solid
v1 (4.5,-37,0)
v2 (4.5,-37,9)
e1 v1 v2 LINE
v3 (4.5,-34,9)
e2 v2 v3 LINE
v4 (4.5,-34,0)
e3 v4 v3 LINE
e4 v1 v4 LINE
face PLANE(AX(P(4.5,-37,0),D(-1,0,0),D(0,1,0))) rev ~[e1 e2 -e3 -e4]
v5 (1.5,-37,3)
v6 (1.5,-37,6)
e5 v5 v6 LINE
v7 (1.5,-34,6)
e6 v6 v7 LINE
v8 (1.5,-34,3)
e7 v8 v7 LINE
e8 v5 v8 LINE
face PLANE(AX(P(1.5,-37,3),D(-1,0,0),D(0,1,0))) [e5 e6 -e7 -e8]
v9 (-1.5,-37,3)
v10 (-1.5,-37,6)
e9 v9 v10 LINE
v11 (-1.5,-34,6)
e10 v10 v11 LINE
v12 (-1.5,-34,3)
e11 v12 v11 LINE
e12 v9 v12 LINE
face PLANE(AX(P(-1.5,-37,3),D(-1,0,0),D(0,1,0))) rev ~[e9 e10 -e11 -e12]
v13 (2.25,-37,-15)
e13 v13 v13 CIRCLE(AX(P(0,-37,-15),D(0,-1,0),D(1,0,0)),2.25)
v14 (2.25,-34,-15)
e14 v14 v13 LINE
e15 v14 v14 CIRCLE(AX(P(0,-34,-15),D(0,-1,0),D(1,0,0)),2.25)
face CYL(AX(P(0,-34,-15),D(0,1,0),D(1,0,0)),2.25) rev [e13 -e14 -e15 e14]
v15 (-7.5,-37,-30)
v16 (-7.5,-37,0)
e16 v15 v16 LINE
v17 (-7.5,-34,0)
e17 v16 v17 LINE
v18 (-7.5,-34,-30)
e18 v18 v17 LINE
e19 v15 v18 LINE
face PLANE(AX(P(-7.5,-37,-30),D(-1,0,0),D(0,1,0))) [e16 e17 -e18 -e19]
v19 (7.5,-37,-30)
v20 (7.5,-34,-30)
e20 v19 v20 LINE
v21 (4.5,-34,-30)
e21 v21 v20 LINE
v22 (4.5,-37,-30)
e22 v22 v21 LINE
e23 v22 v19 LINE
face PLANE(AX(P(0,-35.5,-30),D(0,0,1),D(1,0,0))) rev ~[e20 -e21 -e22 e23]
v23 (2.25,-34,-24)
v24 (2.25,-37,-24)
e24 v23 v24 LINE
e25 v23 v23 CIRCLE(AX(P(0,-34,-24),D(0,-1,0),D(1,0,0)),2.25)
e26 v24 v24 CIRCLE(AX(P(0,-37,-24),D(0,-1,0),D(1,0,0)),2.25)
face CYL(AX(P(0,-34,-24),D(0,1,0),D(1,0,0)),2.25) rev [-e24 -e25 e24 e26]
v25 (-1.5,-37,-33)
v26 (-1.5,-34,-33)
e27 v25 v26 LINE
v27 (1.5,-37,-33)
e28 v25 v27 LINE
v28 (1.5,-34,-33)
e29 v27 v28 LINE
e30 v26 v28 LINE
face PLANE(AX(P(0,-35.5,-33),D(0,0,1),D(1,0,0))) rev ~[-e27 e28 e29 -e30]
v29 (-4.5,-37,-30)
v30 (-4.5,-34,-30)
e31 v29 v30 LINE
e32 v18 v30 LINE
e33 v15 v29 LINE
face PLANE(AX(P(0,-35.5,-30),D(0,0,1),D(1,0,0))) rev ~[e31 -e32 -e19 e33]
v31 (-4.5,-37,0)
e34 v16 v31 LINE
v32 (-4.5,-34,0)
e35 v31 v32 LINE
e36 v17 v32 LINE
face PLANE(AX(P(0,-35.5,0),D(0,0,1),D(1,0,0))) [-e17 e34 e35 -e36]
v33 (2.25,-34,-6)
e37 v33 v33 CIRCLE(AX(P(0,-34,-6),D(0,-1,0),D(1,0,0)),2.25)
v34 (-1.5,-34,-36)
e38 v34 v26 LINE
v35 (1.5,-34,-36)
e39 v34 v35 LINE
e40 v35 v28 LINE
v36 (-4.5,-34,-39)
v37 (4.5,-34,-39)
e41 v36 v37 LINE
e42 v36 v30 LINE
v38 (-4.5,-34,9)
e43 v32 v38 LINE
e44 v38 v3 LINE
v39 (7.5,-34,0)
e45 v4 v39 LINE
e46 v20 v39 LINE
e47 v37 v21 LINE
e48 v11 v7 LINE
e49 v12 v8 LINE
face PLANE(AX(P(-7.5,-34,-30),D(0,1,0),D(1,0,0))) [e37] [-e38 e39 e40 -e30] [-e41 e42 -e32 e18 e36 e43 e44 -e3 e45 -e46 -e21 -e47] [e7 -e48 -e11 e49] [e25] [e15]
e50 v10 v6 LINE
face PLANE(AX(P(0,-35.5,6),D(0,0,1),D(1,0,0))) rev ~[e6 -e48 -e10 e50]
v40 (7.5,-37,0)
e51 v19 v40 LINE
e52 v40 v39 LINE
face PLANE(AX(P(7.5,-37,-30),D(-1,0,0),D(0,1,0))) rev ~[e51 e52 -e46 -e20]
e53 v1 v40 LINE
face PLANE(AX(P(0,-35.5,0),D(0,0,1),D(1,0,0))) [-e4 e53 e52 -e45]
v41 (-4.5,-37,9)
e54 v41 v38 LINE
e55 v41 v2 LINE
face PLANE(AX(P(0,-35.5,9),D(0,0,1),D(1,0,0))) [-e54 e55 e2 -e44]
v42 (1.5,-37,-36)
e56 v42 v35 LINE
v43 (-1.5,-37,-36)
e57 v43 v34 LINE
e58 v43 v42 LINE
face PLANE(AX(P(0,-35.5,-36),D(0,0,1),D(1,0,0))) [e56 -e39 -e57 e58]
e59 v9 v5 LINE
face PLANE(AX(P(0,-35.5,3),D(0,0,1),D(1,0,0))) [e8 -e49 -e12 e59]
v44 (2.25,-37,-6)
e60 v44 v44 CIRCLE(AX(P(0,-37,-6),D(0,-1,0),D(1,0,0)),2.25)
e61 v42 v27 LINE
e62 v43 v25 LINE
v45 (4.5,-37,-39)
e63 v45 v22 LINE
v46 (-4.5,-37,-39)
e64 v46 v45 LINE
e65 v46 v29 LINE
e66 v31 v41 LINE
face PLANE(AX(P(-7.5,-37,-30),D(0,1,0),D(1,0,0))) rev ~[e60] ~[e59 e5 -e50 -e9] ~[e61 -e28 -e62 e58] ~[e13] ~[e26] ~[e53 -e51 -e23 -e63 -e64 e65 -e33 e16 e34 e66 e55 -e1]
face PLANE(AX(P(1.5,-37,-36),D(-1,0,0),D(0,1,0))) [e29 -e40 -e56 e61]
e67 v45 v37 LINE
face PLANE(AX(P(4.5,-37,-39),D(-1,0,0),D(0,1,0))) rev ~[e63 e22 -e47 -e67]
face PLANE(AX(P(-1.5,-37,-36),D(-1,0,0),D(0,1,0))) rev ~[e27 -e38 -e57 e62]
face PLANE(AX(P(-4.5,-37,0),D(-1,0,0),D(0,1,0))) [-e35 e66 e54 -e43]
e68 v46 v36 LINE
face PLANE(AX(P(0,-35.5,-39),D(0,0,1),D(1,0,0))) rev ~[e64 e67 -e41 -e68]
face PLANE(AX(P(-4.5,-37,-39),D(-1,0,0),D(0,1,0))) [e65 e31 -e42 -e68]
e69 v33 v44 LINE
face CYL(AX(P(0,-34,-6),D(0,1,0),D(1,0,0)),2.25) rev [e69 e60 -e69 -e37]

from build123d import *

# Parameters (mm, degrees)
CYLINDER005_R          = 2.25
CYLINDER005_DEPTH      = 3
CYLINDER005_ROLL_ANGLE = 90
CYLINDER006_R          = 2.25
CYLINDER006_DEPTH      = 3
CYLINDER006_ROLL_ANGLE = 90
CYLINDER004_R          = 2.25
CYLINDER004_DEPTH      = 3
CYLINDER004_ROLL_ANGLE = 90
BOX011_W               = 15
BOX011_H               = 3
BOX011_DEPTH           = 30
BOX010_W               = 3
BOX010_H               = 3
BOX010_DEPTH           = 3
BOX009_W               = 9
BOX009_H               = 3
BOX009_DEPTH           = 9
BOX013_W               = 3
BOX013_H               = 3
BOX013_DEPTH           = 3
BOX012_W               = 9
BOX012_H               = 3
BOX012_DEPTH           = 9


with BuildPart() as cylinder005:
    # Cylinder005 → Cylinder005 (new body)
    with BuildSketch(Plane.XY):
        Circle(CYLINDER005_R)
    extrude(amount=CYLINDER005_DEPTH)


with BuildPart() as cylinder005_1:
    # Cylinder005 roll: moved
    add(cylinder005.part.rotate(Axis((0, 0, 0), (1, 0, 0)), CYLINDER005_ROLL_ANGLE))


with BuildPart() as cylinder005_2:
    # Cylinder005 placement: moved
    add(cylinder005_1.part.moved(Location((0, -63, -3))))


with BuildPart() as cylinder006:
    # Cylinder006 → Cylinder006 (new body)
    with BuildSketch(Plane.XY):
        Circle(CYLINDER006_R)
    extrude(amount=CYLINDER006_DEPTH)


with BuildPart() as cylinder006_1:
    # Cylinder006 roll: moved
    add(cylinder006.part.rotate(Axis((0, 0, 0), (1, 0, 0)), CYLINDER006_ROLL_ANGLE))


with BuildPart() as cylinder006_2:
    # Cylinder006 placement: moved
    add(cylinder006_1.part.moved(Location((0, -63, -21))))


with BuildPart() as cylinder004:
    # Cylinder004 → Cylinder004 (new body)
    with BuildSketch(Plane.XY):
        Circle(CYLINDER004_R)
    extrude(amount=CYLINDER004_DEPTH)


with BuildPart() as cylinder004_1:
    # Cylinder004 roll: moved
    add(cylinder004.part.rotate(Axis((0, 0, 0), (1, 0, 0)), CYLINDER004_ROLL_ANGLE))


with BuildPart() as cylinder004_2:
    # Cylinder004 placement: moved
    add(cylinder004_1.part.moved(Location((0, -63, -12))))


with BuildPart() as cube011:
    # Box011 → Box011 (new body)
    with BuildSketch(Plane(origin=(-7.5, -66, -27), x_dir=(1, 0, 0), z_dir=(0, 0, 1))):
        with Locations((7.5, 1.5)):
            Rectangle(BOX011_W, BOX011_H)
    extrude(amount=BOX011_DEPTH)


with BuildPart() as cube010:
    # Box010 → Box010 (new body)
    with BuildSketch(Plane(origin=(-1.5, -66, 6), x_dir=(1, 0, 0), z_dir=(0, 0, 1))):
        with Locations((1.5, 1.5)):
            Rectangle(BOX010_W, BOX010_H)
    extrude(amount=BOX010_DEPTH)


with BuildPart() as cut010:
    # Box009 → Box009 (new body)
    with BuildSketch(Plane(origin=(-4.5, -66, 3), x_dir=(1, 0, 0), z_dir=(0, 0, 1))):
        with Locations((4.5, 1.5)):
            Rectangle(BOX009_W, BOX009_H)
    extrude(amount=BOX009_DEPTH)

    # Cut010: cut Cube010
    add(cube010.part, mode=Mode.SUBTRACT)


with BuildPart() as cube013:
    # Box013 → Box013 (new body)
    with BuildSketch(Plane(origin=(-1.5, -66, 6), x_dir=(1, 0, 0), z_dir=(0, 0, 1))):
        with Locations((1.5, 1.5)):
            Rectangle(BOX013_W, BOX013_H)
    extrude(amount=BOX013_DEPTH)


with BuildPart() as pitchringconnector:
    # Box012 → Box012 (new body)
    with BuildSketch(Plane(origin=(-4.5, -66, 3), x_dir=(1, 0, 0), z_dir=(0, 0, 1))):
        with Locations((4.5, 1.5)):
            Rectangle(BOX012_W, BOX012_H)
    extrude(amount=BOX012_DEPTH)

    # Cut011: cut Cube013
    add(cube013.part, mode=Mode.SUBTRACT)


with BuildPart() as pitchringconnector_1:
    # Cut011 placement: moved
    add(pitchringconnector.part.moved(Location((0, 0, -39))))

    # Fusion: union Cube011, Cut010
    add(cube011.part)
    add(cut010.part)

    # Cut012: cut Cylinder004
    add(cylinder004_2.part, mode=Mode.SUBTRACT)

    # Cut013: cut Cylinder006
    add(cylinder006_2.part, mode=Mode.SUBTRACT)

    # Cut014: cut Cylinder005
    add(cylinder005_2.part, mode=Mode.SUBTRACT)


with BuildPart() as pitchringconnector_2:
    # Cut014 placement: moved
    add(pitchringconnector_1.part.moved(Location((0, 29, -3))))


solid = pitchringconnector_2.part
